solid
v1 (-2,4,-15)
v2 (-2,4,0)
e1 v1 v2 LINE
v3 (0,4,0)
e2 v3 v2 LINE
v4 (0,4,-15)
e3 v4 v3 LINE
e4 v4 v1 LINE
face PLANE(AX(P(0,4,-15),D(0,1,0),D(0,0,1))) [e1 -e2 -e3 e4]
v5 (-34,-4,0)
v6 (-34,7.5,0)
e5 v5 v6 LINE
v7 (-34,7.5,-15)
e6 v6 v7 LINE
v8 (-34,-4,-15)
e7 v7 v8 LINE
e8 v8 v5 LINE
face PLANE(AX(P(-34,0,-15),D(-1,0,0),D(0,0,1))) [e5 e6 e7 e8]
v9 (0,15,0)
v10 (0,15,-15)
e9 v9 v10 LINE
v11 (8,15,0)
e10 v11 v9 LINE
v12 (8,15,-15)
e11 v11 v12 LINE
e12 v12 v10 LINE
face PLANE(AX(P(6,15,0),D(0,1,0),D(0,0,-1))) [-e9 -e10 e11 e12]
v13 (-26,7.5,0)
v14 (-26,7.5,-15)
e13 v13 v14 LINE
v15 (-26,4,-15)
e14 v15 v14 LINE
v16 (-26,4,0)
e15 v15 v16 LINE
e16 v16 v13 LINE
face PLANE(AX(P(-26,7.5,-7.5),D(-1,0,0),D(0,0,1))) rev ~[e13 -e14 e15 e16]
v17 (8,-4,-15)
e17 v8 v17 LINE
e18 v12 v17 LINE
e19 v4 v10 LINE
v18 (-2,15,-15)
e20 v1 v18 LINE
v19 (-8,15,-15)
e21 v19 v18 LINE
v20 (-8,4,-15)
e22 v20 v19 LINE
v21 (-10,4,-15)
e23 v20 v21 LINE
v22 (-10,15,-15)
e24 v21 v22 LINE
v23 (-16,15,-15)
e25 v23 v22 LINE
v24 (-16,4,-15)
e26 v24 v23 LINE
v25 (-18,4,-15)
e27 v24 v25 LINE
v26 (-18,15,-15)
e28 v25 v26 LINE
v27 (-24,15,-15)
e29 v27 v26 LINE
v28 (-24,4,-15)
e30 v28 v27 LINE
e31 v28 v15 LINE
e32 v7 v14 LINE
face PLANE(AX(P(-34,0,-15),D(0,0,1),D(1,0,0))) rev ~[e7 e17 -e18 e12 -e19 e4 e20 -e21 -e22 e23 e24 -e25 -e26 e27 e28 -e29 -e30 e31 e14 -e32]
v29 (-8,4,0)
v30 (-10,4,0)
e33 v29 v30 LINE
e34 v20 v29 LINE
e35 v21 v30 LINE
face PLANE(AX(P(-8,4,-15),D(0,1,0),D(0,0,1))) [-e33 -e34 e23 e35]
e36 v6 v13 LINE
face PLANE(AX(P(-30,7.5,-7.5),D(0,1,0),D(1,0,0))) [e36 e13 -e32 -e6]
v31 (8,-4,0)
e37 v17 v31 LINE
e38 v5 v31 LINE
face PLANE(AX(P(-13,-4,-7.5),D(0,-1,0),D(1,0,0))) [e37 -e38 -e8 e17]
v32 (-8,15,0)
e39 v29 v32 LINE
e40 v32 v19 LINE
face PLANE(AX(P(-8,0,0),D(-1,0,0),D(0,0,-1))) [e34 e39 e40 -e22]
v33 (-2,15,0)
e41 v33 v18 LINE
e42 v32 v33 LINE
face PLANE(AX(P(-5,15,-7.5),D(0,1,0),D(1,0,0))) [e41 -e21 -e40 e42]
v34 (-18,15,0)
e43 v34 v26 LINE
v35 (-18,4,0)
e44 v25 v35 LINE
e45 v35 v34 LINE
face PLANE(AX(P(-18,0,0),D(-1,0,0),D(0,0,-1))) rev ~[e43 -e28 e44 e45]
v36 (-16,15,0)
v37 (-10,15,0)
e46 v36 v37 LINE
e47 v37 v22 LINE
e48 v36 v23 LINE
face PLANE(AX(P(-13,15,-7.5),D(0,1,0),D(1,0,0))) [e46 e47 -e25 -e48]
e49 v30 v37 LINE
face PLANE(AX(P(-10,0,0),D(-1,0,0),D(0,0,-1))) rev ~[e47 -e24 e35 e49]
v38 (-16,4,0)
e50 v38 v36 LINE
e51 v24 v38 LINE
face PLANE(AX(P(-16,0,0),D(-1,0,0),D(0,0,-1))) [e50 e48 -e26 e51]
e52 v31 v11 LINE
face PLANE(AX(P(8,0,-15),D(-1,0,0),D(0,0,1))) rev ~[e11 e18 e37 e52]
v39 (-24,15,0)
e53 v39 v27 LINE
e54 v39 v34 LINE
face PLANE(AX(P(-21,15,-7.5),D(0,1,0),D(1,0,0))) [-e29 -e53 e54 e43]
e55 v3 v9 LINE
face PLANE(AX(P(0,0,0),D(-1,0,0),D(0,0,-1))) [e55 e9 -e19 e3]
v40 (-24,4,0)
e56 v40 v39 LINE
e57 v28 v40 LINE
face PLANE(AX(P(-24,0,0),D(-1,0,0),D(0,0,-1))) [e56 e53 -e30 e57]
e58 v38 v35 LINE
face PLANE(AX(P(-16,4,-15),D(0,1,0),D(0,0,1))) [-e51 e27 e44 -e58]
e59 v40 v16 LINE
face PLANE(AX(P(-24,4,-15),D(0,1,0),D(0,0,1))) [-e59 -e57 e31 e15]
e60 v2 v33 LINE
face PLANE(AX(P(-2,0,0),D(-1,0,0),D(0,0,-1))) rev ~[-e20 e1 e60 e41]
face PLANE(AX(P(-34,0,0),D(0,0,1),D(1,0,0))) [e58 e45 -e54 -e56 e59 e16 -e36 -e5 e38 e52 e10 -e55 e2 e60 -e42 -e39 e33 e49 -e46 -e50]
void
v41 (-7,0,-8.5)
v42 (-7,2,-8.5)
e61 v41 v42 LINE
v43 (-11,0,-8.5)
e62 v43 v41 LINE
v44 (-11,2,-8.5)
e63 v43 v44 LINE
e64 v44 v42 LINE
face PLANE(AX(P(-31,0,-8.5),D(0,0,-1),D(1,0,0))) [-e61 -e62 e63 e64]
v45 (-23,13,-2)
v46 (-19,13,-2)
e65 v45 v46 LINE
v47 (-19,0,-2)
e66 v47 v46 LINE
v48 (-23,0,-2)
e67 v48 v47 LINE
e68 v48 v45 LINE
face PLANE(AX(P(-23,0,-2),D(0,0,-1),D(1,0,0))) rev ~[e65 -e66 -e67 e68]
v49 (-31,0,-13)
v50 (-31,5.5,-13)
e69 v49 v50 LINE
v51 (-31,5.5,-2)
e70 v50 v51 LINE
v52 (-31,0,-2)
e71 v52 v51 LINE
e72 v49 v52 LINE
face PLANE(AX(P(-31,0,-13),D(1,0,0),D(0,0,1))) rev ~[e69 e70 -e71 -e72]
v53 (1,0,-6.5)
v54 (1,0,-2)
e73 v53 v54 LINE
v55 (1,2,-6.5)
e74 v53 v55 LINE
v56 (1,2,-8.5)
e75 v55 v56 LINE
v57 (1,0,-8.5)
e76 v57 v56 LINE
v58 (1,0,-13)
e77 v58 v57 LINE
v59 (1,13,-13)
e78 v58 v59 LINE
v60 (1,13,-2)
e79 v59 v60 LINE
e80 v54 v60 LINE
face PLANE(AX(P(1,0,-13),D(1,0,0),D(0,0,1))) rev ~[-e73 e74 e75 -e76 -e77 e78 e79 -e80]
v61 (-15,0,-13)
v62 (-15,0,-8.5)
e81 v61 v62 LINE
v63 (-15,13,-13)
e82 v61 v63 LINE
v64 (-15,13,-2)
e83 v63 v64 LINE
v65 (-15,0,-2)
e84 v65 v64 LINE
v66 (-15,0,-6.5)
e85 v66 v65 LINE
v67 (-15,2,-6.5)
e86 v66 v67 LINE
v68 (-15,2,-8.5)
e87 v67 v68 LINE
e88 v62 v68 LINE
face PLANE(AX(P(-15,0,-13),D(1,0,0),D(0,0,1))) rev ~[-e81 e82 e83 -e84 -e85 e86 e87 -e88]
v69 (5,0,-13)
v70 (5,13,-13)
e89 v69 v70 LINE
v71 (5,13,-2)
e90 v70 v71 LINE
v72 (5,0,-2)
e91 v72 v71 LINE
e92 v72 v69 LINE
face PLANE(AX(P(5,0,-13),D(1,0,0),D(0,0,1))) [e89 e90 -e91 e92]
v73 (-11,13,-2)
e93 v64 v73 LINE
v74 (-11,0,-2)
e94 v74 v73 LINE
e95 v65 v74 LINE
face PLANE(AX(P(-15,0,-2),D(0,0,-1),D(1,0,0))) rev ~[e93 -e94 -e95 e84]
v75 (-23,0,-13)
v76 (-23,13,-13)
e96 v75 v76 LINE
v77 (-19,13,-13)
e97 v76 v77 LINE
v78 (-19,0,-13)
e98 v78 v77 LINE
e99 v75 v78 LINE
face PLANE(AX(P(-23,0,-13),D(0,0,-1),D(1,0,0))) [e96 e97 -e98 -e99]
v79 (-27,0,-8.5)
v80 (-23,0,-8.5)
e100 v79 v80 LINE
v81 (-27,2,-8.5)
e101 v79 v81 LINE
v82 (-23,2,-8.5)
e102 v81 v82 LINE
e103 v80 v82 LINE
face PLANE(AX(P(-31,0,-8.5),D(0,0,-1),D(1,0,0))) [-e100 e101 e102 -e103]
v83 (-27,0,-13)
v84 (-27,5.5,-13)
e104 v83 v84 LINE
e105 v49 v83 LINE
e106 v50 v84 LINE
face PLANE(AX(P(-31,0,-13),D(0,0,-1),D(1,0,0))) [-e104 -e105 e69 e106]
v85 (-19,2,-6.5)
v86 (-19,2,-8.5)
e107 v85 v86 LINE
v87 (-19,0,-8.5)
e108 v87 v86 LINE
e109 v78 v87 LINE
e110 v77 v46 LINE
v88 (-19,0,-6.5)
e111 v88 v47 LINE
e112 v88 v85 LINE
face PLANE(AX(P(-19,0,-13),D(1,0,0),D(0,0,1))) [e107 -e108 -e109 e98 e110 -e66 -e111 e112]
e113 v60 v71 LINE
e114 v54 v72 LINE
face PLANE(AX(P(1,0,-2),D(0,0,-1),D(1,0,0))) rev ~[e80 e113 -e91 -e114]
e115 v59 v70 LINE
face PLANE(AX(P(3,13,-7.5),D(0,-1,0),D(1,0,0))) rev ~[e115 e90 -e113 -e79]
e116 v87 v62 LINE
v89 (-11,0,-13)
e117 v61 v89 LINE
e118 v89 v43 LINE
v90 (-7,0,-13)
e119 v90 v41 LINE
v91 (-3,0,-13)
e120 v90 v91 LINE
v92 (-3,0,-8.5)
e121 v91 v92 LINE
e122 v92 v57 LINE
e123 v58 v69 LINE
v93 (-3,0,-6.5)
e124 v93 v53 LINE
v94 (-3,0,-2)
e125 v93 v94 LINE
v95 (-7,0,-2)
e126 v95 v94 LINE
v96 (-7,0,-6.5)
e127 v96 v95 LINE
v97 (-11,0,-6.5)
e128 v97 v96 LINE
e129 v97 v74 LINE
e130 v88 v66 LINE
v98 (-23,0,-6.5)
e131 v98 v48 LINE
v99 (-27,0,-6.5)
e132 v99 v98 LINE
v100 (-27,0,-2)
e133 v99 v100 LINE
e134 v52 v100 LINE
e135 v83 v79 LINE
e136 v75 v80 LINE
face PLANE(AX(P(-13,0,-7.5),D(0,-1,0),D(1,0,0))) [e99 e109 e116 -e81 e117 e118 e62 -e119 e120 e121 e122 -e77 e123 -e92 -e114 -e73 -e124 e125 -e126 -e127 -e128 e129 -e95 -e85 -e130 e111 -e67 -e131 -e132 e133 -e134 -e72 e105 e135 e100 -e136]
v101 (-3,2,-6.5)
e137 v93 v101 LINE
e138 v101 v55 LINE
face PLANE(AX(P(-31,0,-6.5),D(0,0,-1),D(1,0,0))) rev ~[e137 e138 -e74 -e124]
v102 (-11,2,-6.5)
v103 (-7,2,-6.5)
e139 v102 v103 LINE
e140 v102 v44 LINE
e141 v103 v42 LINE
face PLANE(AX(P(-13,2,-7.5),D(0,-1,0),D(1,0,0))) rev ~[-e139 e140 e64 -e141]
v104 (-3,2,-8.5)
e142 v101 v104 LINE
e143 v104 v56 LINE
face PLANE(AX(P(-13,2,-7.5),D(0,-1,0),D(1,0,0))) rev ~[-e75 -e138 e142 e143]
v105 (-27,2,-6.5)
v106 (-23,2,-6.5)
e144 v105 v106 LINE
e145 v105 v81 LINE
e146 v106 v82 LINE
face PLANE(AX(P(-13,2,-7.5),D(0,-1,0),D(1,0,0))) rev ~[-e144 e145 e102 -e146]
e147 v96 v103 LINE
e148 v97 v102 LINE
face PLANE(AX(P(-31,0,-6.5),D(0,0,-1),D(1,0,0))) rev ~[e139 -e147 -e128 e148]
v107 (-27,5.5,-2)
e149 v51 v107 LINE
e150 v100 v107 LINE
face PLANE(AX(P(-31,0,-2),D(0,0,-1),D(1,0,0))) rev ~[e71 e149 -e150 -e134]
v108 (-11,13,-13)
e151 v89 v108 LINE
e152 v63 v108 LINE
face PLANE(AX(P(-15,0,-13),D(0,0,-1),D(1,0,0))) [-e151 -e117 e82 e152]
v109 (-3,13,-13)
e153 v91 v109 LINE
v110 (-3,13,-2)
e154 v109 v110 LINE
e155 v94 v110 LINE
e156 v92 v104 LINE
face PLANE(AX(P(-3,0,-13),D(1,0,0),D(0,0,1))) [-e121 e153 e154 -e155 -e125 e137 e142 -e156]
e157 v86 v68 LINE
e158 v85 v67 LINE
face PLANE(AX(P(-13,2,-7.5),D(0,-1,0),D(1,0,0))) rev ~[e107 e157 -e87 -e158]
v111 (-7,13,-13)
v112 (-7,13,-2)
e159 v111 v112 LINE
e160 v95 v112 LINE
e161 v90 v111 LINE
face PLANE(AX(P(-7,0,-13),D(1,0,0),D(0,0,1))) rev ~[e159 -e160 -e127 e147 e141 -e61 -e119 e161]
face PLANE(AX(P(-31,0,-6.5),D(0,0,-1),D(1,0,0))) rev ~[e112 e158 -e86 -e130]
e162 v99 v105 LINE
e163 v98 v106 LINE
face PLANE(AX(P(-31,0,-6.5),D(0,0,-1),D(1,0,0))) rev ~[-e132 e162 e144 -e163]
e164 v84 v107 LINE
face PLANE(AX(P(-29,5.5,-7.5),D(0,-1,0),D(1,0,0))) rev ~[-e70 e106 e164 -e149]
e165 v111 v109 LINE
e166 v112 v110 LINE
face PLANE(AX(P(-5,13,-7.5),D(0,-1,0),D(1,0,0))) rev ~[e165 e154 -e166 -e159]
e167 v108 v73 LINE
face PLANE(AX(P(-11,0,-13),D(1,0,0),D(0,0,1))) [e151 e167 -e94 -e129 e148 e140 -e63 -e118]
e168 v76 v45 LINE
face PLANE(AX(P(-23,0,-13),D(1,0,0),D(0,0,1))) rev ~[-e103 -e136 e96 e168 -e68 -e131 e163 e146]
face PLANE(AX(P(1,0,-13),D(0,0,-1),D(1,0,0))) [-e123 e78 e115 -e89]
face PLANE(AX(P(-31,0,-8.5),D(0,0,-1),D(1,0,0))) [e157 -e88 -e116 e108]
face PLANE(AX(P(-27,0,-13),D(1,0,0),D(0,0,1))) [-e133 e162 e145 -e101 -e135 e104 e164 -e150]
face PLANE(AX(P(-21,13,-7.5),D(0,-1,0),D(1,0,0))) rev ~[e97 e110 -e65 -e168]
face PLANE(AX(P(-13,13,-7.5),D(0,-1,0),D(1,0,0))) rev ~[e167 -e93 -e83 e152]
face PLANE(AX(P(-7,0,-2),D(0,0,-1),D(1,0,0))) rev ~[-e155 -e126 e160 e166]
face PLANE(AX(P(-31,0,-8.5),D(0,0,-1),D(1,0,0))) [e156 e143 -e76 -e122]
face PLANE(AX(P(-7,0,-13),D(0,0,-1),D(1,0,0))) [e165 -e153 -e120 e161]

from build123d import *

# Parameters (mm, degrees)
SKETCH1_W           = 6
SKETCH1_H           = 15
BOSS_EXTRUDE1_DEPTH = 15
SKETCH2_W           = 4
SKETCH2_H           = 11
CUT_EXTRUDE1_DEPTH  = 13
SKETCH3_W           = 15
SKETCH3_H           = 4
BOSS_EXTRUDE2_DEPTH = 2
LPATTERN1_COUNT     = 4
LPATTERN1_PITCH     = 8
SKETCH4_W           = 15
SKETCH4_H           = 15
BOSS_EXTRUDE3_DEPTH = 8
SKETCH5_W           = 4
SKETCH5_H           = 11
CUT_EXTRUDE2_DEPTH  = 5.5
SKETCH6_W           = 15
SKETCH6_H           = 15
BOSS_EXTRUDE4_DEPTH = 2
SKETCH7_W           = 36
SKETCH7_H           = 2
CUT_EXTRUDE3_DEPTH  = 2
SKETCH8_W           = 8
SKETCH8_H           = 15
CUT_EXTRUDE4_DEPTH  = 7.5
SKETCH9_W           = 42
SKETCH9_H           = 15
BOSS_EXTRUDE5_DEPTH = 4


with BuildPart() as part:
    # Sketch1 → Boss-Extrude1 (new body)
    with BuildSketch(Plane(origin=(0, 0, 0), x_dir=(1, 0, 0), z_dir=(0, 1, 0))):
        with Locations((3, 7.5)):
            Rectangle(SKETCH1_W, SKETCH1_H)
    extrude(amount=BOSS_EXTRUDE1_DEPTH)

    # Sketch2 → Cut-Extrude1 (cut)
    with BuildSketch(Plane.XZ):
        with Locations((3, -7.5)):
            Rectangle(SKETCH2_W, SKETCH2_H)
    extrude(amount=-CUT_EXTRUDE1_DEPTH, mode=Mode.SUBTRACT)

    # Sketch3 → Boss-Extrude2 (add)
    with BuildSketch(Plane.ZY):
        with Locations((-7.5, 2)):
            Rectangle(SKETCH3_W, SKETCH3_H)
    extrude(amount=BOSS_EXTRUDE2_DEPTH)


with BuildPart() as lpattern1_1:
    # LPattern1: pattern copy
    add(part.part.moved(Location(Vector(-1, 0, 0) * (1 * LPATTERN1_PITCH))))


with BuildPart() as lpattern1_2:
    # LPattern1: pattern copy
    add(part.part.moved(Location(Vector(-1, 0, 0) * (2 * LPATTERN1_PITCH))))


with BuildPart() as lpattern1_3:
    # LPattern1: pattern copy
    add(part.part.moved(Location(Vector(-1, 0, 0) * (3 * LPATTERN1_PITCH))))

    # Sketch4 → Boss-Extrude3 (add)
    with BuildSketch(Plane.ZY.offset(26)):
        with Locations((-7.5, 7.5)):
            Rectangle(SKETCH4_W, SKETCH4_H)
    extrude(amount=BOSS_EXTRUDE3_DEPTH)

    # Sketch5 → Cut-Extrude2 (cut)
    with BuildSketch(Plane.XZ):
        with Locations((-29, -7.5)):
            Rectangle(SKETCH5_W, SKETCH5_H)
    extrude(amount=-CUT_EXTRUDE2_DEPTH, mode=Mode.SUBTRACT)


with BuildPart() as lpattern1_1_1:
    add(lpattern1_1.part)

    # Combine1: union LPattern1_2, LPattern1_3, part
    add(lpattern1_2.part)
    add(lpattern1_3.part)
    add(part.part)

    # Sketch6 → Boss-Extrude4 (add)
    with BuildSketch(Plane(origin=(6, 0, 0), x_dir=(0, 0, -1), z_dir=(1, 0, 0))):
        with Locations((7.5, 7.5)):
            Rectangle(SKETCH6_W, SKETCH6_H)
    extrude(amount=BOSS_EXTRUDE4_DEPTH)

    # Sketch7 → Cut-Extrude3 (cut)
    with BuildSketch(Plane.XZ):
        with Locations((-13, -7.5)):
            Rectangle(SKETCH7_W, SKETCH7_H)
    extrude(amount=-CUT_EXTRUDE3_DEPTH, mode=Mode.SUBTRACT)

    # Sketch8 → Cut-Extrude4 (cut)
    with BuildSketch(Plane(origin=(0, 15, 0), x_dir=(1, 0, 0), z_dir=(0, 1, 0))):
        with Locations((-30, 7.5)):
            Rectangle(SKETCH8_W, SKETCH8_H)
    extrude(amount=-CUT_EXTRUDE4_DEPTH, mode=Mode.SUBTRACT)

    # Sketch9 → Boss-Extrude5 (add)
    with BuildSketch(Plane.XZ):
        with Locations((-13, -7.5)):
            Rectangle(SKETCH9_W, SKETCH9_H)
    extrude(amount=BOSS_EXTRUDE5_DEPTH)


solid = lpattern1_1_1.part
